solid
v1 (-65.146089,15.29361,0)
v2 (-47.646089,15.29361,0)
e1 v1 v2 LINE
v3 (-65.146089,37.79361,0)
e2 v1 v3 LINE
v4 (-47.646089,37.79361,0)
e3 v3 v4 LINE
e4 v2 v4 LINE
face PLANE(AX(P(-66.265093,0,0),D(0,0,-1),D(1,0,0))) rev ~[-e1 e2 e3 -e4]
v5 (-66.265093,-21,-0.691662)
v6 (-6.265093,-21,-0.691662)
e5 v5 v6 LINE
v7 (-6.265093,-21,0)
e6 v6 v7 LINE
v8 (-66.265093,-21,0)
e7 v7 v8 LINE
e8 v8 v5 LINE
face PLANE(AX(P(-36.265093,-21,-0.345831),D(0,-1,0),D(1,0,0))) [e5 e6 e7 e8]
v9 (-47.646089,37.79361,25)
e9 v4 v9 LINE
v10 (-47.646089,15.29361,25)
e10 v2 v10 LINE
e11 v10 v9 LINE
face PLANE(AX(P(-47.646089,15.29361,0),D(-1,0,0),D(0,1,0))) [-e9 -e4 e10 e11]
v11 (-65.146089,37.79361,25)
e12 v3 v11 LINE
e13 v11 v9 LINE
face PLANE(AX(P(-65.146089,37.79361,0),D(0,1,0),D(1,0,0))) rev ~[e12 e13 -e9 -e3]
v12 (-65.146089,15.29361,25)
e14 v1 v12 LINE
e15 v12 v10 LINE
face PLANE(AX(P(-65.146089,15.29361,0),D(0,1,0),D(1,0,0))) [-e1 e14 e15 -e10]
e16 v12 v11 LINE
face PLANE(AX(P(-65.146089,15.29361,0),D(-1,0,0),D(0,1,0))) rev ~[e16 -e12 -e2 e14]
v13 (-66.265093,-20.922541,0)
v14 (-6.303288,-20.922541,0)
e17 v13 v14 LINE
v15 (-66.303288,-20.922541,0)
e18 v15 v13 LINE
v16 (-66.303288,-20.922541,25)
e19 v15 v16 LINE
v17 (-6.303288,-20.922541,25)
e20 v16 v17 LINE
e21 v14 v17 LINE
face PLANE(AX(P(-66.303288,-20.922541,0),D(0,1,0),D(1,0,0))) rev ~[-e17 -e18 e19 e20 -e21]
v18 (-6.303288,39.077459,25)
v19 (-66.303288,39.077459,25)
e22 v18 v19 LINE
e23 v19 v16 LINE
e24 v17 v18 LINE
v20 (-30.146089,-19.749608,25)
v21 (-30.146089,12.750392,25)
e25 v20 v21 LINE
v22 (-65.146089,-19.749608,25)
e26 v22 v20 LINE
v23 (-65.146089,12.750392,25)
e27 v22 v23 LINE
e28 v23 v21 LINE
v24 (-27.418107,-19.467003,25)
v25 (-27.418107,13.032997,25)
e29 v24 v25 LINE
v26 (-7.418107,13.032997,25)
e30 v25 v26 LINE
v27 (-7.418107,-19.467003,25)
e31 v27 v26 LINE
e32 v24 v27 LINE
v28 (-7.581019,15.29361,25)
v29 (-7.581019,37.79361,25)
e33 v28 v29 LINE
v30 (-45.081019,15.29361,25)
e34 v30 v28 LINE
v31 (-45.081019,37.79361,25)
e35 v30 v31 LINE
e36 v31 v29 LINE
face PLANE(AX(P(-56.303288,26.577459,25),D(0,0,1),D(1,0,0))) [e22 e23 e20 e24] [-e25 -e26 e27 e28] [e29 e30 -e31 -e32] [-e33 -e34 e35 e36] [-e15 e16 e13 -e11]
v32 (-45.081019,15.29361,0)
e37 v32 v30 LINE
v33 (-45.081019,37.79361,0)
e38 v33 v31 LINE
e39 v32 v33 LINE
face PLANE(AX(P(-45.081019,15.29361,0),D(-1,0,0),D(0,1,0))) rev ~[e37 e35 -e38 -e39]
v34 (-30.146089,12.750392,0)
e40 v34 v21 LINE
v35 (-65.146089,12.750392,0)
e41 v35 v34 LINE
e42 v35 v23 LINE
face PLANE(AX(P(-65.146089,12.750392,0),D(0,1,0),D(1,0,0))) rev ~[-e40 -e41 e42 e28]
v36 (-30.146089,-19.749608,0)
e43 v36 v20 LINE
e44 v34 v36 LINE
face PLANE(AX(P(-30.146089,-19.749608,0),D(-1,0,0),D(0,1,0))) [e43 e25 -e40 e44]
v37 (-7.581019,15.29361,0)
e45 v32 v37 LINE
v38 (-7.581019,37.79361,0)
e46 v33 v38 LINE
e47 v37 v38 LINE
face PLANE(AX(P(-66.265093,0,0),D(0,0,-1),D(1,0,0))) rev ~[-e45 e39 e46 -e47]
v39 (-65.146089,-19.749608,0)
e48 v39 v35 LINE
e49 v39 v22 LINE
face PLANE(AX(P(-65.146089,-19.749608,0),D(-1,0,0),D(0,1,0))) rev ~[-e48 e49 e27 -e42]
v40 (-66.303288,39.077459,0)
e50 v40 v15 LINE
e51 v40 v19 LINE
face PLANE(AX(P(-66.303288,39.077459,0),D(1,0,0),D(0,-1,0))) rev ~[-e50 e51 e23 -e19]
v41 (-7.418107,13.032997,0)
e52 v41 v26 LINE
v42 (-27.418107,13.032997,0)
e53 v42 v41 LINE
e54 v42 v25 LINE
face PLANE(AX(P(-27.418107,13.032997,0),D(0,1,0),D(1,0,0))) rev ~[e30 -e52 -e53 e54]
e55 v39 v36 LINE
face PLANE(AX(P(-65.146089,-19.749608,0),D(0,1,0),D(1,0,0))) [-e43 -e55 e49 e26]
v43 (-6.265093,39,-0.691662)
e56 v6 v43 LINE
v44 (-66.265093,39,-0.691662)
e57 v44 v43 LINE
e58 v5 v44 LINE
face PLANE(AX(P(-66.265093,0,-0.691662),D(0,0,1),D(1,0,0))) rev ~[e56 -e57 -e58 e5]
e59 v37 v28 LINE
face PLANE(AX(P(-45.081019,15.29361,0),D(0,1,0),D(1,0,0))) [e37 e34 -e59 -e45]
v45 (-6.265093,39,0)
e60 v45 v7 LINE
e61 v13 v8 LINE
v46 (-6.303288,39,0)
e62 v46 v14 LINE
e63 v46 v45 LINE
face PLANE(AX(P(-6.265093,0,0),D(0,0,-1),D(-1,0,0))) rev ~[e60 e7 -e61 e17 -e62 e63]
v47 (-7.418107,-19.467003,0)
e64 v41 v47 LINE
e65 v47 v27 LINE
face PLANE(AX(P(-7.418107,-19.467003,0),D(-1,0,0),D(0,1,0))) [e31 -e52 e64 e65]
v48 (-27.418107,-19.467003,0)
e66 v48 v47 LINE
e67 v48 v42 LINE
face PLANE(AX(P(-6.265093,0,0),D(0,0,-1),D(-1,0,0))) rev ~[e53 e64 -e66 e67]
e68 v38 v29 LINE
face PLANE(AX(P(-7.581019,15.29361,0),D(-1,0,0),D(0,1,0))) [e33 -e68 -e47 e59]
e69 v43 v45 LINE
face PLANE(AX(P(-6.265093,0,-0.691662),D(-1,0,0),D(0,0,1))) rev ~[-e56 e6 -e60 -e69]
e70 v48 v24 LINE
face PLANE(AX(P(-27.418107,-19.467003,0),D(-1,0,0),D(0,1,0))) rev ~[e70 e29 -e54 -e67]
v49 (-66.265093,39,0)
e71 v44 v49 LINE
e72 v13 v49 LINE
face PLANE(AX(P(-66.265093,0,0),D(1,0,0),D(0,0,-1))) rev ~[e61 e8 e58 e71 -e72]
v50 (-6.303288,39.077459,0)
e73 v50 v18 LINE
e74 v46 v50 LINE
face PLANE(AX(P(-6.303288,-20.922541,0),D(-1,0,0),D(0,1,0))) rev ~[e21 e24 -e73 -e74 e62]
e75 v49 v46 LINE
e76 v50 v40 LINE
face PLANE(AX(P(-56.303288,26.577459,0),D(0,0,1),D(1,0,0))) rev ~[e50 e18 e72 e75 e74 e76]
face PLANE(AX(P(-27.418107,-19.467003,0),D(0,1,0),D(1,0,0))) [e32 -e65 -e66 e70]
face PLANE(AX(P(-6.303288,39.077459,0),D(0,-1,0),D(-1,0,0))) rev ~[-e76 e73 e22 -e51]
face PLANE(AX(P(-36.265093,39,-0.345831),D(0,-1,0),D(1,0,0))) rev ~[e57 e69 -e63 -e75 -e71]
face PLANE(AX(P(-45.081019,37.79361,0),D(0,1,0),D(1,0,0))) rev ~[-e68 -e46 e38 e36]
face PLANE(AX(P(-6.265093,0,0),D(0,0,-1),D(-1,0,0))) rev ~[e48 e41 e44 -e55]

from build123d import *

# Parameters (mm, degrees)
F0_W     = 20
F0_H     = 25
F0_W_2   = 17.5
F0_H_2   = 22.5
F0_W_3   = 37.5
F0_W_4   = 35
F0_H_3   = 32.5
F0_W_5   = 22.5
F0_H_4   = 35
F1_DEPTH = 25
F2_W     = 60
F2_H     = 0.691662
F3_DEPTH = 39
F4_DEPTH = 21


with BuildPart() as f1:
    # F0 (on Top) → F1 (new body)
    with BuildSketch(Plane.XY):
        with Locations((-56.303288, 26.577459)):
            Rectangle(F0_W, F0_H)
        with Locations((-56.396089, 26.54361)):
            Rectangle(F0_W_2, F0_H_2, mode=Mode.SUBTRACT)
        Polygon((-6.303288, 39.077459), (-46.303288, 39.077459), (-46.303288, 14.077459), (-28.803288, 14.077459), (-6.303288, 14.077459), align=None)
        with Locations((-26.331019, 26.54361)):
            Rectangle(F0_W_3, F0_H_2, mode=Mode.SUBTRACT)
        Polygon((-28.803288, 14.077459), (-46.303288, 14.077459), (-66.303288, 14.077459), (-66.303288, -20.922541), (-28.803288, -20.922541), align=None)
        with Locations((-47.646089, -3.499608)):
            Rectangle(F0_W_4, F0_H_3, mode=Mode.SUBTRACT)
        with Locations((-17.553288, -3.422541)):
            Rectangle(F0_W_5, F0_H_4)
        with Locations((-17.418107, -3.217003)):
            Rectangle(F0_W, F0_H_3, mode=Mode.SUBTRACT)
    extrude(amount=F1_DEPTH)

    # F2 (on Front) → F3 (join)
    with BuildSketch(Plane.XZ):
        with Locations((-36.265093, -0.345831)):
            Rectangle(F2_W, F2_H)
    extrude(amount=-F3_DEPTH)

    # F3_face (on face) → F4 (join)
    with BuildSketch(Plane(origin=(-36.265093, 0, -0.345831), x_dir=(1, 0, 0), z_dir=(0, -1, 0))):
        Polygon((30, -0.345831), (30, 0.345831), (29.961805, 0.345831), (28.846987, 0.345831), (8.846987, 0.345831), (6.119005, 0.345831), (-28.880995, 0.345831), (-30, 0.345831), (-30, -0.345831), align=None)
    extrude(amount=F4_DEPTH)


solid = f1.part
